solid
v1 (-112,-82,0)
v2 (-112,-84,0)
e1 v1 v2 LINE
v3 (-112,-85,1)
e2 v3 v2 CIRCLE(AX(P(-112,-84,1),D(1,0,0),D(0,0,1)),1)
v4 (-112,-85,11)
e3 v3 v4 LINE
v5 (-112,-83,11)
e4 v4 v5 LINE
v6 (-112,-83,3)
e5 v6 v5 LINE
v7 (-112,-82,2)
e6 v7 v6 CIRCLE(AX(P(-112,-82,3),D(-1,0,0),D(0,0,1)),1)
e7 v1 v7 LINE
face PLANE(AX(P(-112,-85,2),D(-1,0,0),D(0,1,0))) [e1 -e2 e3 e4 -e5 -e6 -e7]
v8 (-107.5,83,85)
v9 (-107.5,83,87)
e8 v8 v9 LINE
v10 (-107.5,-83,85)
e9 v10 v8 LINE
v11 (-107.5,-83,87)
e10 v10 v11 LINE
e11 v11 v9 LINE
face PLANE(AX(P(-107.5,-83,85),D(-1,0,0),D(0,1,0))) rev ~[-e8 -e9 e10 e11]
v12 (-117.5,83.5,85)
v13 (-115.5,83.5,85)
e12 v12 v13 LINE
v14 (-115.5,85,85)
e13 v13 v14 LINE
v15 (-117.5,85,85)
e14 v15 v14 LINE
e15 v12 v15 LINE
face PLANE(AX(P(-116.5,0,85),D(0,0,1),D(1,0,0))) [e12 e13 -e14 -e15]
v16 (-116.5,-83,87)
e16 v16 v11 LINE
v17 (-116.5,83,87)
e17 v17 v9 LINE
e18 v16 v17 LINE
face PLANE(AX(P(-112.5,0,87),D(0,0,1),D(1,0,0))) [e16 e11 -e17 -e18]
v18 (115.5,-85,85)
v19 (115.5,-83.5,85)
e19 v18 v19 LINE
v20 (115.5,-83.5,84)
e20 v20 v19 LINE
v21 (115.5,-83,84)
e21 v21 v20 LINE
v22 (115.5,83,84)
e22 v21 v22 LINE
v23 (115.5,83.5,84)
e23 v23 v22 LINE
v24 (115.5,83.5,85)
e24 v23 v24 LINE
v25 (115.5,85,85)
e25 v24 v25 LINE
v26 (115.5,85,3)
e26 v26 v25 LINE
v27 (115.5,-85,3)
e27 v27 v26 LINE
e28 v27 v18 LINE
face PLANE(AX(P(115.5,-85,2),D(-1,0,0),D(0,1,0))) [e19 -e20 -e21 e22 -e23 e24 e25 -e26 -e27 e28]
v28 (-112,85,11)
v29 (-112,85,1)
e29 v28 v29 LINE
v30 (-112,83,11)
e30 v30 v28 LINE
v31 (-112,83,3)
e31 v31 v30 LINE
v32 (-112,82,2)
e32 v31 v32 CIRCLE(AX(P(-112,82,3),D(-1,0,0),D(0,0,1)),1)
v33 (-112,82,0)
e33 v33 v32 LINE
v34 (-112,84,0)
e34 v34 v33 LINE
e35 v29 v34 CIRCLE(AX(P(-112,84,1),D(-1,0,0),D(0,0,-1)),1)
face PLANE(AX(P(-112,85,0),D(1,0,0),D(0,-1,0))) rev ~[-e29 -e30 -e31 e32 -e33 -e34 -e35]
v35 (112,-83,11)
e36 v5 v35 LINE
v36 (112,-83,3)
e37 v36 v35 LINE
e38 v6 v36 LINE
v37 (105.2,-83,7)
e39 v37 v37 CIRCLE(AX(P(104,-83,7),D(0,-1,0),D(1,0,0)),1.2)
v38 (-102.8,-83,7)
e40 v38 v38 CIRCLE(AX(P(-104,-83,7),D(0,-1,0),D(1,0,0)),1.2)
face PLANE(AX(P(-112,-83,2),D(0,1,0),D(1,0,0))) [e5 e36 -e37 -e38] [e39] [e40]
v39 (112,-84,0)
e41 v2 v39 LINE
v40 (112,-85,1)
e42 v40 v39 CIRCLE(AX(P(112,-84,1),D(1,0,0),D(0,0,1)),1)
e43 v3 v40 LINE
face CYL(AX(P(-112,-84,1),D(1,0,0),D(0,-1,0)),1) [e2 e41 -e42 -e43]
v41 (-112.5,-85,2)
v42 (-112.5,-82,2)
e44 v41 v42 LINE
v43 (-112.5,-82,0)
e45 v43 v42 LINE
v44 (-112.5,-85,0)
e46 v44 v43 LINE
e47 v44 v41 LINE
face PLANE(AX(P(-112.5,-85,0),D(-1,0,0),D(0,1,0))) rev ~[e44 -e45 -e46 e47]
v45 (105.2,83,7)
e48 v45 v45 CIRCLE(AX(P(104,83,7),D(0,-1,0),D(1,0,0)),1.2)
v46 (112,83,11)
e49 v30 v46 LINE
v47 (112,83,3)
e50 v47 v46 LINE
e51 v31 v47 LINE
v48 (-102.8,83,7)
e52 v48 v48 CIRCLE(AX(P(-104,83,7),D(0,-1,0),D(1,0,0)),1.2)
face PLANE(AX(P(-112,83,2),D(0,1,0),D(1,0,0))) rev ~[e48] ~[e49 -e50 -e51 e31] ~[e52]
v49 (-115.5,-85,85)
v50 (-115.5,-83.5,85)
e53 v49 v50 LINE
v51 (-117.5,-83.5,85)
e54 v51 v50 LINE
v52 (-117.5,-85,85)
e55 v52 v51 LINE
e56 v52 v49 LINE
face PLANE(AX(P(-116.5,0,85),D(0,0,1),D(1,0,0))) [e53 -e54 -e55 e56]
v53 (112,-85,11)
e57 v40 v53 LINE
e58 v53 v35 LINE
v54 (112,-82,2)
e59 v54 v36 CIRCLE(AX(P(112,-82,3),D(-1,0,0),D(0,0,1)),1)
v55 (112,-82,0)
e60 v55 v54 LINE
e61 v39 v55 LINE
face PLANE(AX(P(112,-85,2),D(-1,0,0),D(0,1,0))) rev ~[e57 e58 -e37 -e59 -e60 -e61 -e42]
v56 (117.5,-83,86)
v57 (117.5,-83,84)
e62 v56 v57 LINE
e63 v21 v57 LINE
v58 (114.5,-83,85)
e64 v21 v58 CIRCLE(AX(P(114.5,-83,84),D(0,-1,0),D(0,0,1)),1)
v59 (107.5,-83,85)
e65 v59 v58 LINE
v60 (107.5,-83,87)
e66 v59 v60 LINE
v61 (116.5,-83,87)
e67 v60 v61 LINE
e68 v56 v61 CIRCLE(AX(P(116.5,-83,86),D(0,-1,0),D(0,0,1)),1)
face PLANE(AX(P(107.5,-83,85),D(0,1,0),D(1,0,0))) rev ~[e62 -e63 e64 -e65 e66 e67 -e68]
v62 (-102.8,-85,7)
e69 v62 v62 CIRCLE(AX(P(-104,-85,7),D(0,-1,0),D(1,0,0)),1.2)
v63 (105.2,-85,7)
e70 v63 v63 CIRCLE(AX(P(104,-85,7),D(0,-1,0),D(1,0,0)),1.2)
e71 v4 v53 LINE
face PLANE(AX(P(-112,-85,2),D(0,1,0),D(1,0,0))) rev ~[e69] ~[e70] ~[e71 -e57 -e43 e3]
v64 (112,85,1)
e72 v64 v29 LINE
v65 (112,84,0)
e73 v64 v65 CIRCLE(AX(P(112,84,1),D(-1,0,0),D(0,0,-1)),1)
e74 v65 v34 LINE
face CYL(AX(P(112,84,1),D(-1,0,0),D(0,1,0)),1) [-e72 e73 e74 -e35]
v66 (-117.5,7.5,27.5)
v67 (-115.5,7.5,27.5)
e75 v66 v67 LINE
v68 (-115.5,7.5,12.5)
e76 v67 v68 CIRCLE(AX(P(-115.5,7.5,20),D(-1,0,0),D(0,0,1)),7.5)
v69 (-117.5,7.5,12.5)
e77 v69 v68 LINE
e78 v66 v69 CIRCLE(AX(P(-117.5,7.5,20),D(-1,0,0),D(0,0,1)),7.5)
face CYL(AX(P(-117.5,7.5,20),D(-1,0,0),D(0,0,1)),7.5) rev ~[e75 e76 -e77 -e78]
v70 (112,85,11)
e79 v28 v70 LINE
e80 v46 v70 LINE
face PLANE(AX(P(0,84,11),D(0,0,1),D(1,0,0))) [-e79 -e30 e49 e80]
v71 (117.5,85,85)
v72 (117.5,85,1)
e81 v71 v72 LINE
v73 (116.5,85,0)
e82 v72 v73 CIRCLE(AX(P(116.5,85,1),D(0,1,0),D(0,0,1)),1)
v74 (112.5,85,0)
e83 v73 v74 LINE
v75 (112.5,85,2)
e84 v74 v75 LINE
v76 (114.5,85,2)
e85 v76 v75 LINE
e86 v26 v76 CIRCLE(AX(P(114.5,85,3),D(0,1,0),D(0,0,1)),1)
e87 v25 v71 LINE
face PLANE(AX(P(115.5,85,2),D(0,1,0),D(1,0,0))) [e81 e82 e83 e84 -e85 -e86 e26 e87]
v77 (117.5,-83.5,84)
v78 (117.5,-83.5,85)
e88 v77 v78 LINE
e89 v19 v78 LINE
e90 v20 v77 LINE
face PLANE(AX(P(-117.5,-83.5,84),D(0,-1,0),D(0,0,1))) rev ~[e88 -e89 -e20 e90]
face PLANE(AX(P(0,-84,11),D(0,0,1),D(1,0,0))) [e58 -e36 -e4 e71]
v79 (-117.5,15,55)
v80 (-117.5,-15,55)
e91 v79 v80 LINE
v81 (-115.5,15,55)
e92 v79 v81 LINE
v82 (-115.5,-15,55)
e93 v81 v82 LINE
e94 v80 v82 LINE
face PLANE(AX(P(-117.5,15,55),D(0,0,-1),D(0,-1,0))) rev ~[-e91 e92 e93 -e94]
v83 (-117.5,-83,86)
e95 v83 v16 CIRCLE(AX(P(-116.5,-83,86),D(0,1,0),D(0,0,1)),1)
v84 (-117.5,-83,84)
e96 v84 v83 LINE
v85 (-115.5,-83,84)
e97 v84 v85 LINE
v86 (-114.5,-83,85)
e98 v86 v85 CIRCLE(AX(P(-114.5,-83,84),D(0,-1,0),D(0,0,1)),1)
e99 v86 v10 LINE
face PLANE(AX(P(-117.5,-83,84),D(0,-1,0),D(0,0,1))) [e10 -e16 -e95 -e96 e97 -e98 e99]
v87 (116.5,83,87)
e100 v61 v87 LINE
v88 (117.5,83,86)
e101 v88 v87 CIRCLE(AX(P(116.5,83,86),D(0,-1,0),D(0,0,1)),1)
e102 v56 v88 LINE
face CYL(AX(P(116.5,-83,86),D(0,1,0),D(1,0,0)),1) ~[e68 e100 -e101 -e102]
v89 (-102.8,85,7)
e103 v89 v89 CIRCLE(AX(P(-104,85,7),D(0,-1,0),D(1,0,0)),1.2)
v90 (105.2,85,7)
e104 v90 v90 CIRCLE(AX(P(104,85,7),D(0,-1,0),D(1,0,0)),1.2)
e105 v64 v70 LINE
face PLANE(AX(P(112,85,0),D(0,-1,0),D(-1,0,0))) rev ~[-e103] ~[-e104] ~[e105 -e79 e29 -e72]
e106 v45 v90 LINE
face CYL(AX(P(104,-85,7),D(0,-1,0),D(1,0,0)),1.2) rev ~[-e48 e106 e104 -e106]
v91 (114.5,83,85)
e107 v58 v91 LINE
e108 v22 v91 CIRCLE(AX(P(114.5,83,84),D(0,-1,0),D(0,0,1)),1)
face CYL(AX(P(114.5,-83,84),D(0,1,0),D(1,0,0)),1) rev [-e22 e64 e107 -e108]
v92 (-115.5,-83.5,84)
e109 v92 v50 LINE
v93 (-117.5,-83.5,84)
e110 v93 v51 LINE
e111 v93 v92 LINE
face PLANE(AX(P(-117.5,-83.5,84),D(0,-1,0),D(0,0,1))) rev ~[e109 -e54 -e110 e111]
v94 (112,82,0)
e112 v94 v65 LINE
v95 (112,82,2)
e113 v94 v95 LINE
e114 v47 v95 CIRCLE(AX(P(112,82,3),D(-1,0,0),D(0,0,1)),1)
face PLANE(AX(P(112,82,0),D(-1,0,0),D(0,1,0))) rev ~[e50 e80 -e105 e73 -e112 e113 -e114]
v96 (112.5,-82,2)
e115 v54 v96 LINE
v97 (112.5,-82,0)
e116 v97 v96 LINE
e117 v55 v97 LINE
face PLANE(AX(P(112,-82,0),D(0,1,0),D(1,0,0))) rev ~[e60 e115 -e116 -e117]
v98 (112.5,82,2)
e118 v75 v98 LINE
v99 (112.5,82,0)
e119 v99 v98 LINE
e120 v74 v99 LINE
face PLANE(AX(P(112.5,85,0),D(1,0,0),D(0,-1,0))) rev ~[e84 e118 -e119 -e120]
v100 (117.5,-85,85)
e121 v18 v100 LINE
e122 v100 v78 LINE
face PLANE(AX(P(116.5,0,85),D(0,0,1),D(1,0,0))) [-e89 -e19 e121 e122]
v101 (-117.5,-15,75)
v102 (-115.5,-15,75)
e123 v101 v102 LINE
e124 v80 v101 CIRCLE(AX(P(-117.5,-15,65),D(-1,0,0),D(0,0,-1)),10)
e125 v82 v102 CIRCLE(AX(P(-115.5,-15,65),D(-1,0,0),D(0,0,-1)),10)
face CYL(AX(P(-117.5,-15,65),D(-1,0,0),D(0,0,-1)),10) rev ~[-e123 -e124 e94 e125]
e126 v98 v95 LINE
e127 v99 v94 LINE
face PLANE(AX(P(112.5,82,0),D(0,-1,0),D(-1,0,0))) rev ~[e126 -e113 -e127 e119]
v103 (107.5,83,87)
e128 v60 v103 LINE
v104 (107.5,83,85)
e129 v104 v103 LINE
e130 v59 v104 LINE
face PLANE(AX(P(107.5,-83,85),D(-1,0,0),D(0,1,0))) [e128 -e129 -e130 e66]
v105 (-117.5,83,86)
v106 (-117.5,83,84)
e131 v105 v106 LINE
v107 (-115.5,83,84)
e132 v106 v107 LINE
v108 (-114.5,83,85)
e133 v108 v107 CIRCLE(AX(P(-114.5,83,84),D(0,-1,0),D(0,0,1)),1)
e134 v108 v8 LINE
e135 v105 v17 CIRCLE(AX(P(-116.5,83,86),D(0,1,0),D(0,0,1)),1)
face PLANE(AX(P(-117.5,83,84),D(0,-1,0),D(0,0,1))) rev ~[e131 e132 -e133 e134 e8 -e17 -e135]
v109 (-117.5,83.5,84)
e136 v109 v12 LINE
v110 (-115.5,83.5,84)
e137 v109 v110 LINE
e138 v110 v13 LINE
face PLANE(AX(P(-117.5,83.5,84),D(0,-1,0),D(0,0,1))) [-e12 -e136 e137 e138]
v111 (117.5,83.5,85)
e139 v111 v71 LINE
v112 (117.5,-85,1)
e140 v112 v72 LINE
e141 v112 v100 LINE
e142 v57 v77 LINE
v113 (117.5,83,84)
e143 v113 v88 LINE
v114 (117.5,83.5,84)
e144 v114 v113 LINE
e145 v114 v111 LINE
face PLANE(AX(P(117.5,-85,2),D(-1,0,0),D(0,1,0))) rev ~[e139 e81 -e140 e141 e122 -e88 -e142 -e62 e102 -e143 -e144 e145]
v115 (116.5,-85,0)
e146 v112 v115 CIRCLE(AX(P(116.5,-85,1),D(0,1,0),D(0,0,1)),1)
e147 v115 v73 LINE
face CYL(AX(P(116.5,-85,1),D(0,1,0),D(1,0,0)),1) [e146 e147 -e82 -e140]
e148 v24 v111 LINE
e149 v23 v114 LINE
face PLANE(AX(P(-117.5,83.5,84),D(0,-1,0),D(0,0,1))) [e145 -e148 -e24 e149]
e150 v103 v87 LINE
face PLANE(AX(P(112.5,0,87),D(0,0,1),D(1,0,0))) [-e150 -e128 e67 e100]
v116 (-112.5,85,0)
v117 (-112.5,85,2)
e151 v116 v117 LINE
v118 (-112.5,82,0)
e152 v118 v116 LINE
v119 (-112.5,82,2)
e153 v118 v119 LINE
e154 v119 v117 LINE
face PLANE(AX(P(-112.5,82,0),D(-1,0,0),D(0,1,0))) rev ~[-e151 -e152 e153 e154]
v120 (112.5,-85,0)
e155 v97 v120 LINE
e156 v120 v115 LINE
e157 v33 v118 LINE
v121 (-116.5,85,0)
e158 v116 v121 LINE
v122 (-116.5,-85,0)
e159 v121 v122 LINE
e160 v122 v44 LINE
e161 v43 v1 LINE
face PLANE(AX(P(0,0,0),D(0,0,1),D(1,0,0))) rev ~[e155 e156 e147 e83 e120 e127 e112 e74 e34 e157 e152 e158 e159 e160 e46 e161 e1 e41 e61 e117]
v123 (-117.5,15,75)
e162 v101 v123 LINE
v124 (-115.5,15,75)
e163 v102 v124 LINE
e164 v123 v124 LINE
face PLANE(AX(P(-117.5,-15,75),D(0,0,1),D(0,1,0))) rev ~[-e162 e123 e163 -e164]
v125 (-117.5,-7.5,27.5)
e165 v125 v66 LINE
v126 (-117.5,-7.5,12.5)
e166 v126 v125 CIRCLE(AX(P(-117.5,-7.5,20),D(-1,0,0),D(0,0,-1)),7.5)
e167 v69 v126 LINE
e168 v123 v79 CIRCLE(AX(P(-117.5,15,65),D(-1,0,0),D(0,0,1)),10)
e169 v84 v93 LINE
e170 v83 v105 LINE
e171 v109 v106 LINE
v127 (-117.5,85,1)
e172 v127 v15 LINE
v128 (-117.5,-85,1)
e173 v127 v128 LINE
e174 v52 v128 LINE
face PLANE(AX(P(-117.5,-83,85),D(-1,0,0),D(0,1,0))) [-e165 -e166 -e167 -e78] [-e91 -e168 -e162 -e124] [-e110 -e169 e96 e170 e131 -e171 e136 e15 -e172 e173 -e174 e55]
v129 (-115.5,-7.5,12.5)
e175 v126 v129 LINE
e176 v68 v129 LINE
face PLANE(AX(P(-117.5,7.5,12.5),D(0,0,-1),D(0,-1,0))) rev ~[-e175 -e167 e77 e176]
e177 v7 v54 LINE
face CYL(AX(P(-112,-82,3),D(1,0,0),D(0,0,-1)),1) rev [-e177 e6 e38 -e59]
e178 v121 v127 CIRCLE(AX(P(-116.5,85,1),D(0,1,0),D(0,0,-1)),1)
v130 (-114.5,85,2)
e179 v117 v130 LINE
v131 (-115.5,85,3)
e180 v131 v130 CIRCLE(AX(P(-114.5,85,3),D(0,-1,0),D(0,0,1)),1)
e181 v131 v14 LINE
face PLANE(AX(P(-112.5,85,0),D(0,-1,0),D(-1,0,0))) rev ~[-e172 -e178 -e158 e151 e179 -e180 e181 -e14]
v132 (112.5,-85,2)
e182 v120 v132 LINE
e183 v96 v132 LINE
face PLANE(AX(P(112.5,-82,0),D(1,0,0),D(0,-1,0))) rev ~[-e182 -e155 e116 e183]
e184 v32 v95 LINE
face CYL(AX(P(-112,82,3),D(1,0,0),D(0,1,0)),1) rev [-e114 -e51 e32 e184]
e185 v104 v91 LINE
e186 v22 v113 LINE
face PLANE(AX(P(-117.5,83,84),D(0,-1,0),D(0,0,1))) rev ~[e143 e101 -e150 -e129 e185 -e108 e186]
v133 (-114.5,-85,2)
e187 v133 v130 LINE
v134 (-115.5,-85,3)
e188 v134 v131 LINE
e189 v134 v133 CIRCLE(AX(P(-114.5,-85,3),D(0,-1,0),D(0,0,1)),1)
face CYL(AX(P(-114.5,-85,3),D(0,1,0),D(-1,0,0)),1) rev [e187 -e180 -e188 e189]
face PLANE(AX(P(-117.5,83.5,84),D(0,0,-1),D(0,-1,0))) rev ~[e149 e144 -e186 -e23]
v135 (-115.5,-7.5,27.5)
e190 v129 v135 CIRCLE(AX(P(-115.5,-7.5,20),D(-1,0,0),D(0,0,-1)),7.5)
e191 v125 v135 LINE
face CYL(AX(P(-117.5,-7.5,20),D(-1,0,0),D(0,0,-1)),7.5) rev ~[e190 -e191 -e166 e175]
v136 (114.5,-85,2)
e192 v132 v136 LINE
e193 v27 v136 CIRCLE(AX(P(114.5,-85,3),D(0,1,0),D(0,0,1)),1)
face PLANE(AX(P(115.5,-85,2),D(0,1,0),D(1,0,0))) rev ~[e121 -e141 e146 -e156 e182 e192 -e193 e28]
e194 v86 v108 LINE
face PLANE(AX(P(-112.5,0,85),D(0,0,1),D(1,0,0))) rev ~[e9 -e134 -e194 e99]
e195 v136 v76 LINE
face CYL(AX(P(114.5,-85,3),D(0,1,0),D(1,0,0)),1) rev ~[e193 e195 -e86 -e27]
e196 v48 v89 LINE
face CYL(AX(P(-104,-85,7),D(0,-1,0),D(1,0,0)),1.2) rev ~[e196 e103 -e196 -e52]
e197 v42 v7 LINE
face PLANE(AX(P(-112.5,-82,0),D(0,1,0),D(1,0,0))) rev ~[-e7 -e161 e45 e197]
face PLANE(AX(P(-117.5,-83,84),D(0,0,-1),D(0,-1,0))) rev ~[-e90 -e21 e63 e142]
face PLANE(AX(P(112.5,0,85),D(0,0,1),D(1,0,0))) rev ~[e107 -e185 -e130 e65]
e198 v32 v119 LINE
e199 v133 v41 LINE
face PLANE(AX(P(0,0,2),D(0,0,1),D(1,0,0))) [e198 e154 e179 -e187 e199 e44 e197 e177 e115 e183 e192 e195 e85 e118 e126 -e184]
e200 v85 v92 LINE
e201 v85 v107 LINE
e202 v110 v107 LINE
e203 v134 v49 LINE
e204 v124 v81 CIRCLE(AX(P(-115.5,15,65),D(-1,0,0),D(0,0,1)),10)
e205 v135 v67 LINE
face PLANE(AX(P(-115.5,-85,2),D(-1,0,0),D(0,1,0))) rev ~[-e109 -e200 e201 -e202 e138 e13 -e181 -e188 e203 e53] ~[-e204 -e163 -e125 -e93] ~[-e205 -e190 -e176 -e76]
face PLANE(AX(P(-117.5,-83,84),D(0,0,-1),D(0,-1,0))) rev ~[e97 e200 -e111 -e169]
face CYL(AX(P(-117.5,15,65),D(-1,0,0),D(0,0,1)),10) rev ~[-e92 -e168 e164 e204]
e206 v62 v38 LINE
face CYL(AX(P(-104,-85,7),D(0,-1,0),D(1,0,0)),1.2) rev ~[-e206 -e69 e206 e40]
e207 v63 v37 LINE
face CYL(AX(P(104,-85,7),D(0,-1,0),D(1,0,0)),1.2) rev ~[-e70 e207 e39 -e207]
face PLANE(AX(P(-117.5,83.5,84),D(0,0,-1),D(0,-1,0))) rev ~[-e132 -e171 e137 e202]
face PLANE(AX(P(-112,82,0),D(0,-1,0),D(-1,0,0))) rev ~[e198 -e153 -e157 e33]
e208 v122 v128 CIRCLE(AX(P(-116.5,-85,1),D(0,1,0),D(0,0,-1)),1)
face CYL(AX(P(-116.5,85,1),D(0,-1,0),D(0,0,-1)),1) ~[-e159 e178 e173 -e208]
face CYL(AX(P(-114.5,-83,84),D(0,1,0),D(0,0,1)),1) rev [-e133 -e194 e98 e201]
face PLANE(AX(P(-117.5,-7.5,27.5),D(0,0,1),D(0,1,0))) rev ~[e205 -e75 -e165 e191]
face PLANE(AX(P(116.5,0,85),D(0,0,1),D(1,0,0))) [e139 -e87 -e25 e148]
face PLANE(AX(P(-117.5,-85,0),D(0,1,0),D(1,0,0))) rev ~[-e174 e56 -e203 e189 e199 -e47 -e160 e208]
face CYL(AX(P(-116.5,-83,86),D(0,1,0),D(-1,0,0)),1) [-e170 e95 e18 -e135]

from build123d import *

# Parameters (mm, degrees)
F1_DEPTH  = 2
F2_W      = 2
F2_H      = 170
F3_DEPTH  = 83
F4_R      = 1
F5_W      = 10
F5_H      = 166
F6_DEPTH  = 2
F7_R      = 1
F8_W      = 224
F8_H      = 2
F9_DEPTH  = 9
F10_R     = 1
F11_W     = 0.5
F11_H     = 1
F12_DEPTH = 235.001
F14_DEPTH = 3
F15_R     = 1.2
F16_DEPTH = 170.001


with BuildPart() as f1:
    # F0 (on Top) → F1 (new body)
    with BuildSketch(Plane.XY):
        Polygon((112.5, -85), (117.5, -85), (117.5, 85), (112.5, 85), (112.5, 82), (112, 82), (112, 85), (-112, 85), (-112, 82), (-112.5, 82), (-112.5, 85), (-117.5, 85), (-117.5, -85), (-112.5, -85), (-112.5, -82), (-112, -82), (-112, -85), (112, -85), (112, -82), (112.5, -82), align=None)
    extrude(amount=F1_DEPTH)

    # F2 (on face) → F3 (join)
    with BuildSketch(Plane.XY.offset(2)):
        with Locations((116.5, 0)):
            Rectangle(F2_W, F2_H)
        with Locations((-116.5, 0)):
            Rectangle(F2_W, F2_H)
    extrude(amount=F3_DEPTH)

    # F4
    f4_edges = [f1.edges().sort_by_distance(p)[0] for p in [
        (-117.5, 0, 0),
        (117.5, 0, 0),
        (-115.5, 0, 2),
        (115.5, 0, 2),
    ]]
    fillet(f4_edges, radius=F4_R)

    # F5 (on face) → F6 (join)
    with BuildSketch(Plane.XY.offset(85)):
        with Locations((-112.5, 0)):
            Rectangle(F5_W, F5_H)
        with Locations((112.5, 0)):
            Rectangle(F5_W, F5_H)
    extrude(amount=F6_DEPTH)

    # F7
    f7_edges = [f1.edges().sort_by_distance(p)[0] for p in [
        (-117.5, 0, 87),
        (117.5, 0, 87),
        (-115.5, 0, 85),
        (115.5, 0, 85),
    ]]
    fillet(f7_edges, radius=F7_R)

    # F8 (on face) → F9 (join)
    with BuildSketch(Plane.XY.offset(2)):
        with Locations((0, -84)):
            Rectangle(F8_W, F8_H)
        with Locations((0, 84)):
            Rectangle(F8_W, F8_H)
    extrude(amount=F9_DEPTH)

    # F10
    f10_edges = [f1.edges().sort_by_distance(p)[0] for p in [
        (0, -85, 0),
        (0, -83, 2),
        (0, 83, 2),
        (0, 85, 0),
    ]]
    fillet(f10_edges, radius=F10_R)

    # F11 (on face) → F12 (cut, through all)
    with BuildSketch(Plane(origin=(-117.5, 0, 0), x_dir=(0, -1, 0), z_dir=(-1, 0, 0))):
        with Locations((83.25, 84.5)):
            Rectangle(F11_W, F11_H)
        with Locations((-83.25, 84.5)):
            Rectangle(F11_W, F11_H)
    extrude(amount=-F12_DEPTH, mode=Mode.SUBTRACT)

    # F13 (on face) → F14 (cut)
    with BuildSketch(Plane(origin=(-117.5, 0, 0), x_dir=(0, -1, 0), z_dir=(-1, 0, 0))):
        with BuildLine():
            Line((-7.5, 12.5), (7.5, 12.5))
            ThreePointArc((7.5, 12.5), (15, 20), (7.5, 27.5))
            Line((7.5, 27.5), (-7.5, 27.5))
            ThreePointArc((-7.5, 27.5), (-15, 20), (-7.5, 12.5))
        make_face()
        with BuildLine():
            Line((-15, 55), (15, 55))
            ThreePointArc((15, 55), (25, 65), (15, 75))
            Line((15, 75), (-15, 75))
            ThreePointArc((-15, 75), (-25, 65), (-15, 55))
        make_face()
    extrude(amount=-F14_DEPTH, mode=Mode.SUBTRACT)

    # F15 (on face) → F16 (cut, through all)
    with BuildSketch(Plane.XZ.offset(85)):
        with Locations((104, 7)):
            Circle(F15_R)
        with Locations((-104, 7)):
            Circle(F15_R)
    extrude(amount=-F16_DEPTH, mode=Mode.SUBTRACT)


solid = f1.part
